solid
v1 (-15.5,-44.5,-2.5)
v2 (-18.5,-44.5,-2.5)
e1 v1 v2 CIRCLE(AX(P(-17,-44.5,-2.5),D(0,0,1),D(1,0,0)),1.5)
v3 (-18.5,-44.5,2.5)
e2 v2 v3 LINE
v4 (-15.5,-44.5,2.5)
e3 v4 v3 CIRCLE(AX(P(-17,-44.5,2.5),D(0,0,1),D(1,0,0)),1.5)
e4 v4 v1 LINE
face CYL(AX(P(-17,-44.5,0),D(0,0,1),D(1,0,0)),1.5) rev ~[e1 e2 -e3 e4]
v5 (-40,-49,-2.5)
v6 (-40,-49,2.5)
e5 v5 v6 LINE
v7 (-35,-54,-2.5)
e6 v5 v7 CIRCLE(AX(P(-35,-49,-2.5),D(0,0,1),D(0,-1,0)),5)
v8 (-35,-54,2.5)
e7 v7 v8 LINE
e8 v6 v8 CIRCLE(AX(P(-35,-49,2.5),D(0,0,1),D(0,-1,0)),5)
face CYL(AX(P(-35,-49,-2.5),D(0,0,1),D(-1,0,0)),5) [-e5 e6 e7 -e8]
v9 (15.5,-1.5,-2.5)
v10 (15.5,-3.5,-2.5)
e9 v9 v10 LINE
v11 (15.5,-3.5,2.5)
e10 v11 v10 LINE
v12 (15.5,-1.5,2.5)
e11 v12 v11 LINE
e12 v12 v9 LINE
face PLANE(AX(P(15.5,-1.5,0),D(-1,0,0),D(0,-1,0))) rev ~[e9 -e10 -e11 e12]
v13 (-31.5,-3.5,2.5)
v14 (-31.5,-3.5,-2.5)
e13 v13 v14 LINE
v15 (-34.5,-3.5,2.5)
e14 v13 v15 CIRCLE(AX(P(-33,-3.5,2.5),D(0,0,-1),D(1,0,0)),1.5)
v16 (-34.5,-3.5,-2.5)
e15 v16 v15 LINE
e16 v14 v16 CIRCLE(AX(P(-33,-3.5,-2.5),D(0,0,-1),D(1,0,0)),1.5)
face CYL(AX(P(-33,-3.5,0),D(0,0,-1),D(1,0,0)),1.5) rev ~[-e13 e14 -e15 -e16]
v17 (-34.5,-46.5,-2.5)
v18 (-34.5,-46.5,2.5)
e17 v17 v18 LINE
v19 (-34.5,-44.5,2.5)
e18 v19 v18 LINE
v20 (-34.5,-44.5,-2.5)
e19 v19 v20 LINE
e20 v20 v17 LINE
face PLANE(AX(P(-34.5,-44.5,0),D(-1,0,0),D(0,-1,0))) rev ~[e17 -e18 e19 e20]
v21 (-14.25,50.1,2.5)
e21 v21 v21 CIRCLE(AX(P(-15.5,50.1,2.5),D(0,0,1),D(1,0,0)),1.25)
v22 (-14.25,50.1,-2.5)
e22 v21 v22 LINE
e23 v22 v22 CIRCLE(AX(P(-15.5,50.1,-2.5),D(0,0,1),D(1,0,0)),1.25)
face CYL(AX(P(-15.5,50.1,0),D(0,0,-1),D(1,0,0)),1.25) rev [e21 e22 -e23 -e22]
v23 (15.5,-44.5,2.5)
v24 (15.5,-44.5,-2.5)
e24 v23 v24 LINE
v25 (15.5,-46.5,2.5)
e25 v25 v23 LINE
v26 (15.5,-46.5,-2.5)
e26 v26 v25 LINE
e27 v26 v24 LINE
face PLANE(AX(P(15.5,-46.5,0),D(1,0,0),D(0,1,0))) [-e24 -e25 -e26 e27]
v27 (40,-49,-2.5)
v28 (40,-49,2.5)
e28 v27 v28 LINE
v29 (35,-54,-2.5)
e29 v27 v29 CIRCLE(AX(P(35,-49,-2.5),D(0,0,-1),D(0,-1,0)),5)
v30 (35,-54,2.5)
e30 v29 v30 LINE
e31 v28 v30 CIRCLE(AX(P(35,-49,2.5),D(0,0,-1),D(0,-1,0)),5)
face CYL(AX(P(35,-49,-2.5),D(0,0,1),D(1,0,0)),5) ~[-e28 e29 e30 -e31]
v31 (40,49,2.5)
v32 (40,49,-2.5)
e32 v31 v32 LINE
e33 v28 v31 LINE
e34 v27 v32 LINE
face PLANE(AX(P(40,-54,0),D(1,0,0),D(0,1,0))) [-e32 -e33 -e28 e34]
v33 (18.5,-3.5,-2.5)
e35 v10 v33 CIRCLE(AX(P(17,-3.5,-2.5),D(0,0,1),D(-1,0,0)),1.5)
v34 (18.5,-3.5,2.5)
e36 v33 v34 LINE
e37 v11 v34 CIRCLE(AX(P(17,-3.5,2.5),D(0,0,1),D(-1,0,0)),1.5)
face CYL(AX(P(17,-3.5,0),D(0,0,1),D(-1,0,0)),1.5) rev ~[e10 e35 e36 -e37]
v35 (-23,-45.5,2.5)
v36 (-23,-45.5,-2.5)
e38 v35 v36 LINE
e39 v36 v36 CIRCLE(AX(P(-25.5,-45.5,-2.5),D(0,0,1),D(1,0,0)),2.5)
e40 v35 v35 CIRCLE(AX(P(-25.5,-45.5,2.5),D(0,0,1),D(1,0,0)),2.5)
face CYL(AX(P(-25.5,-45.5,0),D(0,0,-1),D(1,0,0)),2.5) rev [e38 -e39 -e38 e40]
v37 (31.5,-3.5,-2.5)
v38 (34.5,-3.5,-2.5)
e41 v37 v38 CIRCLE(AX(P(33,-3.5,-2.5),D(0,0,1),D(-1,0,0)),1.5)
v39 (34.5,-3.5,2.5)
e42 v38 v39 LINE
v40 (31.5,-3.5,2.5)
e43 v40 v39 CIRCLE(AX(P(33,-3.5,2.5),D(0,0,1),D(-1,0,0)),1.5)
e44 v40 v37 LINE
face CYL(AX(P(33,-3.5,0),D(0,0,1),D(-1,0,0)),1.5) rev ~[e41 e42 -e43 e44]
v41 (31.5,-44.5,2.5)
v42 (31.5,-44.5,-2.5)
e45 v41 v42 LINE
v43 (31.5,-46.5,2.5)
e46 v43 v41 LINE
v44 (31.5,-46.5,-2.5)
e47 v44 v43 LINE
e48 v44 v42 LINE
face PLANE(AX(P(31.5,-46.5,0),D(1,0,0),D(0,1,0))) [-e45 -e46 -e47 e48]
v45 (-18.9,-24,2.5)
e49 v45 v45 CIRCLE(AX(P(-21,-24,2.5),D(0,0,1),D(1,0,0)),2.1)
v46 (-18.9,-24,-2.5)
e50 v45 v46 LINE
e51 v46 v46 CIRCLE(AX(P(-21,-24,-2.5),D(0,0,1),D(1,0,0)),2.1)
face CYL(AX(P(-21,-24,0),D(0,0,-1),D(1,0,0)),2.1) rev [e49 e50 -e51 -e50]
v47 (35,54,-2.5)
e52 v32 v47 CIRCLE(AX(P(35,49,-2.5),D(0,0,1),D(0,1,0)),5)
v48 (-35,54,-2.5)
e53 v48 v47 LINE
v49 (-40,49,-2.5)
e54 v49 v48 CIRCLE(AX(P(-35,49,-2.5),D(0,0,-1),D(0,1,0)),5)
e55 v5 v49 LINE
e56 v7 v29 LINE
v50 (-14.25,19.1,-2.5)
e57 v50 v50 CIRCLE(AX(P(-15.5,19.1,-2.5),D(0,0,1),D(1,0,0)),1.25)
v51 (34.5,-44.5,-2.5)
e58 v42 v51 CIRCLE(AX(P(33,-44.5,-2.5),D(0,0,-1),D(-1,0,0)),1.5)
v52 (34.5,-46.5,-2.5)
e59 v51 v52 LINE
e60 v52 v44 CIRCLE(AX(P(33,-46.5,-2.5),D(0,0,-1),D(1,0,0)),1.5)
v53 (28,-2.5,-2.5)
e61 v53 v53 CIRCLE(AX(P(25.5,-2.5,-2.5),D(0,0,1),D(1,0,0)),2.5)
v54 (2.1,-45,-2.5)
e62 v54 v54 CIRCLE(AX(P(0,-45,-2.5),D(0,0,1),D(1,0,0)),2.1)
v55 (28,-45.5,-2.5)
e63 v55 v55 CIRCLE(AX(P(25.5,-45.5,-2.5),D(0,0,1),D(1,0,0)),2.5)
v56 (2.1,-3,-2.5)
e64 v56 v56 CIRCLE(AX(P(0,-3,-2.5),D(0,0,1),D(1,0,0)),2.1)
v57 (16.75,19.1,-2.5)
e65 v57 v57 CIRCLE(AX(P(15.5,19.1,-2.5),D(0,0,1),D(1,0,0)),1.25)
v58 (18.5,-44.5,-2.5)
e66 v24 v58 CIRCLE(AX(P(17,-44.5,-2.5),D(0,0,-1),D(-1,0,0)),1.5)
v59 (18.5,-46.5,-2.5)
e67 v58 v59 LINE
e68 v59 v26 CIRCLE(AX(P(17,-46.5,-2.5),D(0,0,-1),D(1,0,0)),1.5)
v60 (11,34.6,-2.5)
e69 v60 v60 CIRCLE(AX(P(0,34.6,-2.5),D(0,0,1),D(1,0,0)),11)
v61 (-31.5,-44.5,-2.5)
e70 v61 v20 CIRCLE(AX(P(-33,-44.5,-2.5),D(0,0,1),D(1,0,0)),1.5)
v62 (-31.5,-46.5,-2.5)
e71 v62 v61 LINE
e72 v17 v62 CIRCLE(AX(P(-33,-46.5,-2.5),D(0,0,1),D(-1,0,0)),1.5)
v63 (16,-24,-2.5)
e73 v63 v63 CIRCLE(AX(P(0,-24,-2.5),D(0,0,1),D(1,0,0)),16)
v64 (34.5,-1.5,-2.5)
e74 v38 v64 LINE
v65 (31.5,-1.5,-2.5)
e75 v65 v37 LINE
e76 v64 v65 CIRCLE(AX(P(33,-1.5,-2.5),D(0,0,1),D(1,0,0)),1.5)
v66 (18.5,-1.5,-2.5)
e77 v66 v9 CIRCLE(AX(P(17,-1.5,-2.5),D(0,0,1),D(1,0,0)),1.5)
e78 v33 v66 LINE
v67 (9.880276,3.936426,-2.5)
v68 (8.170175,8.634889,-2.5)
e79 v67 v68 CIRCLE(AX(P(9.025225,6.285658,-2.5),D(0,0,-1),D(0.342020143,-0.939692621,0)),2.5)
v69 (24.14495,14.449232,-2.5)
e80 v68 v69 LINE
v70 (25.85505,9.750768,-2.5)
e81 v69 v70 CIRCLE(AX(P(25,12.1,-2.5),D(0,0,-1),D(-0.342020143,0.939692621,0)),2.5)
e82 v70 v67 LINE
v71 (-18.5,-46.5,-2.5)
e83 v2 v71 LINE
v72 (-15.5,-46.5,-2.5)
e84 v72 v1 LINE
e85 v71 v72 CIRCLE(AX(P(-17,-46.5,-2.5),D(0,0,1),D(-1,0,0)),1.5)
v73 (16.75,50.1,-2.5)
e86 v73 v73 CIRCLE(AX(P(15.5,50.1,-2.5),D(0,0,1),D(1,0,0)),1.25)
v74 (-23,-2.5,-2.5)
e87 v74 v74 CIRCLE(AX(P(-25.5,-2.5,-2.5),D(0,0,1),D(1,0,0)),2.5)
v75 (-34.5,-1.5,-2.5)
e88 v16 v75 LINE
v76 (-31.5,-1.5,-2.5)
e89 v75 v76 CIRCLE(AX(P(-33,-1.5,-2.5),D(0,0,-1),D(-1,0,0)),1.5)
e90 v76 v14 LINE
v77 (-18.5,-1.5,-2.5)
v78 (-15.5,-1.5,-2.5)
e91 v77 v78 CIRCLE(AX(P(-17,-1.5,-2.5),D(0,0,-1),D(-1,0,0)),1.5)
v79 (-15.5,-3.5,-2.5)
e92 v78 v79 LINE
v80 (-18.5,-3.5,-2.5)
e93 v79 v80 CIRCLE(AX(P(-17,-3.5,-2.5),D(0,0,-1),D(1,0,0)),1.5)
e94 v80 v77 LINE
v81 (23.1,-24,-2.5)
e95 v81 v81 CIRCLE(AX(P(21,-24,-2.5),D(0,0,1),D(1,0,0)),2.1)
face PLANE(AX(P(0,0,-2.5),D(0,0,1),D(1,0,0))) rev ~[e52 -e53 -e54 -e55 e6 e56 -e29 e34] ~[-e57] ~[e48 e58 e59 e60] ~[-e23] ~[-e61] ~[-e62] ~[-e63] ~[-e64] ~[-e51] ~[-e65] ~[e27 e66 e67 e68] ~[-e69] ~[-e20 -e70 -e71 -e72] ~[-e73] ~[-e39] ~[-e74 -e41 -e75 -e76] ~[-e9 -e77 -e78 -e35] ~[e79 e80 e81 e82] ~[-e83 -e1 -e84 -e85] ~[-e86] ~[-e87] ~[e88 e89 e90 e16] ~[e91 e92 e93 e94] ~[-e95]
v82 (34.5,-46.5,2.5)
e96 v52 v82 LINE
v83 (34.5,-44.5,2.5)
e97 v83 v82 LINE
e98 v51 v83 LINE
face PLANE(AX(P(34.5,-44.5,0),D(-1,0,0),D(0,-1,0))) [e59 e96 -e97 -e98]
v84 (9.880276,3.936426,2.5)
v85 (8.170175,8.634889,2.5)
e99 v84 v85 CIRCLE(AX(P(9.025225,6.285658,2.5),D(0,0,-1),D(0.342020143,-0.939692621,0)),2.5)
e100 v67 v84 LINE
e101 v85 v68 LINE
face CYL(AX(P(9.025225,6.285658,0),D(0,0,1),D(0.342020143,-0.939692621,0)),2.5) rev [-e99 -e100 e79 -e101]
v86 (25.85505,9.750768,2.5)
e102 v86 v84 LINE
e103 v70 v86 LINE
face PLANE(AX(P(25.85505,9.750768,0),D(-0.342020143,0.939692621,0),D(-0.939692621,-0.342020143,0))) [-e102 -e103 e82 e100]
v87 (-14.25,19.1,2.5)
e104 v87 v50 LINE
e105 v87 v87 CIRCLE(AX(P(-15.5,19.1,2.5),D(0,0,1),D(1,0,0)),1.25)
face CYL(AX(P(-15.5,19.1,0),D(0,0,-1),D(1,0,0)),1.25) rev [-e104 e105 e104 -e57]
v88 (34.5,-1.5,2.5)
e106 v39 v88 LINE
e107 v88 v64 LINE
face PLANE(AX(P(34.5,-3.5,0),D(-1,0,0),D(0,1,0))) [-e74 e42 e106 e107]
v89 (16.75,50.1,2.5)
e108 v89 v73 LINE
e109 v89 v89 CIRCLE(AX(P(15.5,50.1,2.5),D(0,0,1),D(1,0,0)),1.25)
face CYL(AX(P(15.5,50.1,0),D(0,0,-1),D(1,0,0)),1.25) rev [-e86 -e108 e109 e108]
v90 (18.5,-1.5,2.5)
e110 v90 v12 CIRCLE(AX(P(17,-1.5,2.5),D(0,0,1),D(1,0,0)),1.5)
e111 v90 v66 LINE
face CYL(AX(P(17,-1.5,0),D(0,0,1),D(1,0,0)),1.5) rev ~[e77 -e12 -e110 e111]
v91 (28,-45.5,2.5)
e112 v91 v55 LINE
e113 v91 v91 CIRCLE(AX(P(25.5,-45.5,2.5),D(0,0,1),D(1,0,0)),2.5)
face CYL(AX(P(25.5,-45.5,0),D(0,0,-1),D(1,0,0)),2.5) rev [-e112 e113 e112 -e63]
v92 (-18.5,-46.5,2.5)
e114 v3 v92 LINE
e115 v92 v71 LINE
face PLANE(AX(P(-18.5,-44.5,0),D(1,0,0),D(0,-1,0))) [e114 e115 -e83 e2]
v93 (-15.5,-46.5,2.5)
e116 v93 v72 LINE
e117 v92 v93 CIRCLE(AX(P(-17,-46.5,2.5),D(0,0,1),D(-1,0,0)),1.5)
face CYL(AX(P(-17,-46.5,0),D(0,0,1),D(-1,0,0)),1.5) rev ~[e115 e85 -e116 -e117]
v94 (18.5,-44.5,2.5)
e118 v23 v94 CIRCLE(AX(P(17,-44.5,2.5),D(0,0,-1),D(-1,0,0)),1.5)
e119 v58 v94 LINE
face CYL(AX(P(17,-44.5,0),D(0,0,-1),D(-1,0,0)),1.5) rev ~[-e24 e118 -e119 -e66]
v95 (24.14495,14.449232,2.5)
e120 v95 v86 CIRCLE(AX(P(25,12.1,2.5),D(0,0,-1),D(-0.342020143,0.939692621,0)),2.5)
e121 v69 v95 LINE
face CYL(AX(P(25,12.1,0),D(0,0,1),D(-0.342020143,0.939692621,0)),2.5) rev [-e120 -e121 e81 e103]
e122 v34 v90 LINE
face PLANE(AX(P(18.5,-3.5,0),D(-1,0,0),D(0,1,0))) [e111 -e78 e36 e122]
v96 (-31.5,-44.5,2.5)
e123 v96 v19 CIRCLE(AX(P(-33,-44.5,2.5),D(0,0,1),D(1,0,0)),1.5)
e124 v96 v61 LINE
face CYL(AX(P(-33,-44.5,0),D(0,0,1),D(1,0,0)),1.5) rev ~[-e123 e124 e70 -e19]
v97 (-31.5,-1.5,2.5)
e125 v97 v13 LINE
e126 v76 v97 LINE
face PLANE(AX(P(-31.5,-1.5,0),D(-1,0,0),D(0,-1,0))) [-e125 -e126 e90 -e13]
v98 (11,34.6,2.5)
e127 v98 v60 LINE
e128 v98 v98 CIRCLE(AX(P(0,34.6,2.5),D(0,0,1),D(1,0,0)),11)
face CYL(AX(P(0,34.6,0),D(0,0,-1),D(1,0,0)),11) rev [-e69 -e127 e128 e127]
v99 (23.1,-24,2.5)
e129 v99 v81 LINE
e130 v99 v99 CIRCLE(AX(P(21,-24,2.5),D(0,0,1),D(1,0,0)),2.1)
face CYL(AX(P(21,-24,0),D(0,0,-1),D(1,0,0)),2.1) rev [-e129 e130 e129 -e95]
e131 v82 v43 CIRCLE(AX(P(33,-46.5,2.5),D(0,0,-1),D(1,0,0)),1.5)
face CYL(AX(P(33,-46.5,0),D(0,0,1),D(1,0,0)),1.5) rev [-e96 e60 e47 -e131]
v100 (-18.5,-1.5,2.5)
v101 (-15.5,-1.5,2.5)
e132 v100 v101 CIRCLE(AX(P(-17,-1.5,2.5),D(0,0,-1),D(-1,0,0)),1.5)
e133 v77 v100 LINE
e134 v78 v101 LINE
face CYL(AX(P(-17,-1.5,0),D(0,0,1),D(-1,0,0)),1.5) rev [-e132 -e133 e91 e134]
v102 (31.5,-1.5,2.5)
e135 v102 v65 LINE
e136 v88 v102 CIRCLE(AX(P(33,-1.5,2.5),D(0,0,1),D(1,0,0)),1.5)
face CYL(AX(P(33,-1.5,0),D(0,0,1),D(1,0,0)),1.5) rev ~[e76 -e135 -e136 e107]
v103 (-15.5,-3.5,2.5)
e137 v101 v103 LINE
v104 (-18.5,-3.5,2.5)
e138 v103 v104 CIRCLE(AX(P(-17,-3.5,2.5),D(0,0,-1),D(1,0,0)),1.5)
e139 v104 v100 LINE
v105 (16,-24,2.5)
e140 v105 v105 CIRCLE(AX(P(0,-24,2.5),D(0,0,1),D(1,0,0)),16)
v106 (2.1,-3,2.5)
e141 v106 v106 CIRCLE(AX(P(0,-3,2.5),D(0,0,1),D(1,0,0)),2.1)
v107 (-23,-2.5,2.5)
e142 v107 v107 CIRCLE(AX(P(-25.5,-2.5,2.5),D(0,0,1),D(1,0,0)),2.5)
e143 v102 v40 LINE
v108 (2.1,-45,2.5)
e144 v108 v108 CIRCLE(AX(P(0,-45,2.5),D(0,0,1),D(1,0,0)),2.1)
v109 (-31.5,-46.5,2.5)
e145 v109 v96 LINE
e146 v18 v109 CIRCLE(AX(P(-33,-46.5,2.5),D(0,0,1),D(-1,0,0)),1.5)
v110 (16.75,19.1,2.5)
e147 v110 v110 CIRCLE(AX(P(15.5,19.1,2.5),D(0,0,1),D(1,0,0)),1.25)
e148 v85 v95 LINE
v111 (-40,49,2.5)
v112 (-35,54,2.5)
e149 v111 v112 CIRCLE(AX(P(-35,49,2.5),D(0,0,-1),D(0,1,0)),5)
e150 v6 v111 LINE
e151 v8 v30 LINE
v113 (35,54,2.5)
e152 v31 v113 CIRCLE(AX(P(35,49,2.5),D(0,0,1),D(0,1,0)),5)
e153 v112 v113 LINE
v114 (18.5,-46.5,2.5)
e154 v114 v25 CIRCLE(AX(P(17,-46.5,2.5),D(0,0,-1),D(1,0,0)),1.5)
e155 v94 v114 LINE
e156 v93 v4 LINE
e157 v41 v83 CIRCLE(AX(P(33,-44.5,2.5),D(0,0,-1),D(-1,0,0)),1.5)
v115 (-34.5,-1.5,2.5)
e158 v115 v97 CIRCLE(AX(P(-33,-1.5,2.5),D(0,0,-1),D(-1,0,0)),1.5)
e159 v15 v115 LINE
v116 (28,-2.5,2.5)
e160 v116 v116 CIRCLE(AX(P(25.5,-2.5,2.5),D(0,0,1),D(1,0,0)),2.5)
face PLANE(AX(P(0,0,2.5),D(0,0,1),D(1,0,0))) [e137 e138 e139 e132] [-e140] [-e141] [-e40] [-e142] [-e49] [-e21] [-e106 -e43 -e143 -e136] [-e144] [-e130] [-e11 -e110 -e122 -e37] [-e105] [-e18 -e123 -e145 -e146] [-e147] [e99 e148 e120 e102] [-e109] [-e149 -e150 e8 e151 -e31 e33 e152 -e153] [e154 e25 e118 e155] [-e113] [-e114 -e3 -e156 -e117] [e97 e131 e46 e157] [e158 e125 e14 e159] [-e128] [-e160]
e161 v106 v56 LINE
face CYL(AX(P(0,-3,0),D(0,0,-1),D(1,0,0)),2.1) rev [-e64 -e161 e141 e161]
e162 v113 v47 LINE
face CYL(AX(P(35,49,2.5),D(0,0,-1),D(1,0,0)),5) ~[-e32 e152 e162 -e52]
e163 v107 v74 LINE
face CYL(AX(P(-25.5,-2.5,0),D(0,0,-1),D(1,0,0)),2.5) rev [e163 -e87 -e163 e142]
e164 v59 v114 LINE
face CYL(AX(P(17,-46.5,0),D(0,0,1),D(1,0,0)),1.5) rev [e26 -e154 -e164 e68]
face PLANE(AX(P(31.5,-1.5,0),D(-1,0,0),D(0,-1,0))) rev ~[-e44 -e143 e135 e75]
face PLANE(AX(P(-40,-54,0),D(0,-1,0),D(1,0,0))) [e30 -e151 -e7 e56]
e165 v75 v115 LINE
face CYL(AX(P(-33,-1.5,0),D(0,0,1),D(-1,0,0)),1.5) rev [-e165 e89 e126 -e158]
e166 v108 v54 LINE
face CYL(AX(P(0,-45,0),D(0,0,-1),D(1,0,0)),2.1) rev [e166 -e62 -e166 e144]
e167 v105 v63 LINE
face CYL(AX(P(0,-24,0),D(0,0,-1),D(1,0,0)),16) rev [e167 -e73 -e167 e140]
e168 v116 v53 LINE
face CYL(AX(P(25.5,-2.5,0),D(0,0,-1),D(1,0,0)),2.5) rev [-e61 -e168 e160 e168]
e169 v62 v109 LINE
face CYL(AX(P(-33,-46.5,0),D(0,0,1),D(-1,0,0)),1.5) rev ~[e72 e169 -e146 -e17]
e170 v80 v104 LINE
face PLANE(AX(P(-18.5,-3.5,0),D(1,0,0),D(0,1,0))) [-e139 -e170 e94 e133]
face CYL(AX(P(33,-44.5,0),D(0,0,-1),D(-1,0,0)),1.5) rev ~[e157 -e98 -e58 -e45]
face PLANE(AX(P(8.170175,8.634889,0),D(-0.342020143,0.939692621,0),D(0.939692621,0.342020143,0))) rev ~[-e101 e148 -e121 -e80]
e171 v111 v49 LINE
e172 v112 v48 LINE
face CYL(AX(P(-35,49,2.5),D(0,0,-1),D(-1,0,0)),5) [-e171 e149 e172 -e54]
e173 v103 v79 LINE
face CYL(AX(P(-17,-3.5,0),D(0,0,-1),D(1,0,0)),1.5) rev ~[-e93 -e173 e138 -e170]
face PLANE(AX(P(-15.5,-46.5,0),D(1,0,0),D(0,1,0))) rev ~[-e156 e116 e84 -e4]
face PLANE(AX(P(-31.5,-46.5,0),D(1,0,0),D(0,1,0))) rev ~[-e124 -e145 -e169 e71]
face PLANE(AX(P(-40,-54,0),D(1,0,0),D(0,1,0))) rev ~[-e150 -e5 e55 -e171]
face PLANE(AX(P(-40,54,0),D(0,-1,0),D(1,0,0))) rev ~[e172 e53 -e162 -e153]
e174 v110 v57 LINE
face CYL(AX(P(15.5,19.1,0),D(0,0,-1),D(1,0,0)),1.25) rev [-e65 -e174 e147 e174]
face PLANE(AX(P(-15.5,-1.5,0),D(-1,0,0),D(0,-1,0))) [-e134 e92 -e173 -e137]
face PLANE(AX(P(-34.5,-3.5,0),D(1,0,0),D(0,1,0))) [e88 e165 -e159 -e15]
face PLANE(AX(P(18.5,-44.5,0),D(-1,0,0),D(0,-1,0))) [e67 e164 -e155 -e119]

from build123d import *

# Parameters (mm, degrees)
SKETCH1_W           = 80
SKETCH1_H           = 108
SKETCH1_R           = 16
SKETCH1_R_2         = 11
SKETCH1_R_3         = 2.1
SKETCH1_R_4         = 1.25
SKETCH1_R_5         = 2.5
BOSS_EXTRUDE1_DEPTH = 2.5
FILLET1_R           = 5


with BuildPart() as part:
    # Sketch1 → Boss-Extrude1 (new, symmetric)
    with BuildSketch(Plane.XY):
        Rectangle(SKETCH1_W, SKETCH1_H)
        with Locations((0, -24)):
            Circle(SKETCH1_R, mode=Mode.SUBTRACT)
        with Locations((0, 34.6)):
            Circle(SKETCH1_R_2, mode=Mode.SUBTRACT)
        with Locations((21, -24)):
            Circle(SKETCH1_R_3, mode=Mode.SUBTRACT)
        with Locations((-21, -24)):
            Circle(SKETCH1_R_3, mode=Mode.SUBTRACT)
        with Locations((0, -3)):
            Circle(SKETCH1_R_3, mode=Mode.SUBTRACT)
        with Locations((0, -45)):
            Circle(SKETCH1_R_3, mode=Mode.SUBTRACT)
        with Locations((15.5, 50.1)):
            Circle(SKETCH1_R_4, mode=Mode.SUBTRACT)
        with Locations((15.5, 19.1)):
            Circle(SKETCH1_R_4, mode=Mode.SUBTRACT)
        with Locations((-15.5, 19.1)):
            Circle(SKETCH1_R_4, mode=Mode.SUBTRACT)
        with Locations((-15.5, 50.1)):
            Circle(SKETCH1_R_4, mode=Mode.SUBTRACT)
        with Locations((25.5, -45.5)):
            Circle(SKETCH1_R_5, mode=Mode.SUBTRACT)
        with Locations((-25.5, -45.5)):
            Circle(SKETCH1_R_5, mode=Mode.SUBTRACT)
        with Locations((-25.5, -2.5)):
            Circle(SKETCH1_R_5, mode=Mode.SUBTRACT)
        with Locations((25.5, -2.5)):
            Circle(SKETCH1_R_5, mode=Mode.SUBTRACT)
        with BuildLine():
            Line((31.5, -46.5), (31.5, -44.5))
            ThreePointArc((31.5, -44.5), (33, -43), (34.5, -44.5))
            Line((34.5, -44.5), (34.5, -46.5))
            ThreePointArc((34.5, -46.5), (33, -48), (31.5, -46.5))
        make_face(mode=Mode.SUBTRACT)
        with BuildLine():
            Line((-31.5, -46.5), (-31.5, -44.5))
            ThreePointArc((-31.5, -44.5), (-33, -43), (-34.5, -44.5))
            Line((-34.5, -44.5), (-34.5, -46.5))
            ThreePointArc((-34.5, -46.5), (-33, -48), (-31.5, -46.5))
        make_face(mode=Mode.SUBTRACT)
        with BuildLine():
            Line((-15.5, -46.5), (-15.5, -44.5))
            ThreePointArc((-15.5, -44.5), (-17, -43), (-18.5, -44.5))
            Line((-18.5, -44.5), (-18.5, -46.5))
            ThreePointArc((-18.5, -46.5), (-17, -48), (-15.5, -46.5))
        make_face(mode=Mode.SUBTRACT)
        with BuildLine():
            Line((15.5, -46.5), (15.5, -44.5))
            ThreePointArc((15.5, -44.5), (17, -43), (18.5, -44.5))
            Line((18.5, -44.5), (18.5, -46.5))
            ThreePointArc((18.5, -46.5), (17, -48), (15.5, -46.5))
        make_face(mode=Mode.SUBTRACT)
        with BuildLine():
            Line((-31.5, -1.5), (-31.5, -3.5))
            ThreePointArc((-31.5, -3.5), (-33, -5), (-34.5, -3.5))
            Line((-34.5, -3.5), (-34.5, -1.5))
            ThreePointArc((-34.5, -1.5), (-33, 0), (-31.5, -1.5))
        make_face(mode=Mode.SUBTRACT)
        with BuildLine():
            Line((-15.5, -1.5), (-15.5, -3.5))
            ThreePointArc((-15.5, -3.5), (-17, -5), (-18.5, -3.5))
            Line((-18.5, -3.5), (-18.5, -1.5))
            ThreePointArc((-18.5, -1.5), (-17, 0), (-15.5, -1.5))
        make_face(mode=Mode.SUBTRACT)
        with BuildLine():
            Line((31.5, -1.5), (31.5, -3.5))
            ThreePointArc((31.5, -3.5), (33, -5), (34.5, -3.5))
            Line((34.5, -3.5), (34.5, -1.5))
            ThreePointArc((34.5, -1.5), (33, 0), (31.5, -1.5))
        make_face(mode=Mode.SUBTRACT)
        with BuildLine():
            Line((15.5, -1.5), (15.5, -3.5))
            ThreePointArc((15.5, -3.5), (17, -5), (18.5, -3.5))
            Line((18.5, -3.5), (18.5, -1.5))
            ThreePointArc((18.5, -1.5), (17, 0), (15.5, -1.5))
        make_face(mode=Mode.SUBTRACT)
        with BuildLine():
            Line((8.170175088, 8.634889115), (24.144949642, 14.449231552))
            ThreePointArc((24.144949642, 14.449231552), (27.349231552, 12.955050358), (25.855050358, 9.750768448))
            Line((25.855050358, 9.750768448), (9.880275805, 3.936426011))
            ThreePointArc((9.880275805, 3.936426011), (6.675993895, 5.430607205), (8.170175088, 8.634889115))
        make_face(mode=Mode.SUBTRACT)
    extrude(amount=BOSS_EXTRUDE1_DEPTH, both=True)

    # Fillet1
    fillet1_edges = [part.edges().sort_by_distance(p)[0] for p in [
        (40, -54, 0),
        (-40, -54, 0),
        (-40, 54, 0),
        (40, 54, 0),
    ]]
    fillet(fillet1_edges, radius=FILLET1_R)


solid = part.part
